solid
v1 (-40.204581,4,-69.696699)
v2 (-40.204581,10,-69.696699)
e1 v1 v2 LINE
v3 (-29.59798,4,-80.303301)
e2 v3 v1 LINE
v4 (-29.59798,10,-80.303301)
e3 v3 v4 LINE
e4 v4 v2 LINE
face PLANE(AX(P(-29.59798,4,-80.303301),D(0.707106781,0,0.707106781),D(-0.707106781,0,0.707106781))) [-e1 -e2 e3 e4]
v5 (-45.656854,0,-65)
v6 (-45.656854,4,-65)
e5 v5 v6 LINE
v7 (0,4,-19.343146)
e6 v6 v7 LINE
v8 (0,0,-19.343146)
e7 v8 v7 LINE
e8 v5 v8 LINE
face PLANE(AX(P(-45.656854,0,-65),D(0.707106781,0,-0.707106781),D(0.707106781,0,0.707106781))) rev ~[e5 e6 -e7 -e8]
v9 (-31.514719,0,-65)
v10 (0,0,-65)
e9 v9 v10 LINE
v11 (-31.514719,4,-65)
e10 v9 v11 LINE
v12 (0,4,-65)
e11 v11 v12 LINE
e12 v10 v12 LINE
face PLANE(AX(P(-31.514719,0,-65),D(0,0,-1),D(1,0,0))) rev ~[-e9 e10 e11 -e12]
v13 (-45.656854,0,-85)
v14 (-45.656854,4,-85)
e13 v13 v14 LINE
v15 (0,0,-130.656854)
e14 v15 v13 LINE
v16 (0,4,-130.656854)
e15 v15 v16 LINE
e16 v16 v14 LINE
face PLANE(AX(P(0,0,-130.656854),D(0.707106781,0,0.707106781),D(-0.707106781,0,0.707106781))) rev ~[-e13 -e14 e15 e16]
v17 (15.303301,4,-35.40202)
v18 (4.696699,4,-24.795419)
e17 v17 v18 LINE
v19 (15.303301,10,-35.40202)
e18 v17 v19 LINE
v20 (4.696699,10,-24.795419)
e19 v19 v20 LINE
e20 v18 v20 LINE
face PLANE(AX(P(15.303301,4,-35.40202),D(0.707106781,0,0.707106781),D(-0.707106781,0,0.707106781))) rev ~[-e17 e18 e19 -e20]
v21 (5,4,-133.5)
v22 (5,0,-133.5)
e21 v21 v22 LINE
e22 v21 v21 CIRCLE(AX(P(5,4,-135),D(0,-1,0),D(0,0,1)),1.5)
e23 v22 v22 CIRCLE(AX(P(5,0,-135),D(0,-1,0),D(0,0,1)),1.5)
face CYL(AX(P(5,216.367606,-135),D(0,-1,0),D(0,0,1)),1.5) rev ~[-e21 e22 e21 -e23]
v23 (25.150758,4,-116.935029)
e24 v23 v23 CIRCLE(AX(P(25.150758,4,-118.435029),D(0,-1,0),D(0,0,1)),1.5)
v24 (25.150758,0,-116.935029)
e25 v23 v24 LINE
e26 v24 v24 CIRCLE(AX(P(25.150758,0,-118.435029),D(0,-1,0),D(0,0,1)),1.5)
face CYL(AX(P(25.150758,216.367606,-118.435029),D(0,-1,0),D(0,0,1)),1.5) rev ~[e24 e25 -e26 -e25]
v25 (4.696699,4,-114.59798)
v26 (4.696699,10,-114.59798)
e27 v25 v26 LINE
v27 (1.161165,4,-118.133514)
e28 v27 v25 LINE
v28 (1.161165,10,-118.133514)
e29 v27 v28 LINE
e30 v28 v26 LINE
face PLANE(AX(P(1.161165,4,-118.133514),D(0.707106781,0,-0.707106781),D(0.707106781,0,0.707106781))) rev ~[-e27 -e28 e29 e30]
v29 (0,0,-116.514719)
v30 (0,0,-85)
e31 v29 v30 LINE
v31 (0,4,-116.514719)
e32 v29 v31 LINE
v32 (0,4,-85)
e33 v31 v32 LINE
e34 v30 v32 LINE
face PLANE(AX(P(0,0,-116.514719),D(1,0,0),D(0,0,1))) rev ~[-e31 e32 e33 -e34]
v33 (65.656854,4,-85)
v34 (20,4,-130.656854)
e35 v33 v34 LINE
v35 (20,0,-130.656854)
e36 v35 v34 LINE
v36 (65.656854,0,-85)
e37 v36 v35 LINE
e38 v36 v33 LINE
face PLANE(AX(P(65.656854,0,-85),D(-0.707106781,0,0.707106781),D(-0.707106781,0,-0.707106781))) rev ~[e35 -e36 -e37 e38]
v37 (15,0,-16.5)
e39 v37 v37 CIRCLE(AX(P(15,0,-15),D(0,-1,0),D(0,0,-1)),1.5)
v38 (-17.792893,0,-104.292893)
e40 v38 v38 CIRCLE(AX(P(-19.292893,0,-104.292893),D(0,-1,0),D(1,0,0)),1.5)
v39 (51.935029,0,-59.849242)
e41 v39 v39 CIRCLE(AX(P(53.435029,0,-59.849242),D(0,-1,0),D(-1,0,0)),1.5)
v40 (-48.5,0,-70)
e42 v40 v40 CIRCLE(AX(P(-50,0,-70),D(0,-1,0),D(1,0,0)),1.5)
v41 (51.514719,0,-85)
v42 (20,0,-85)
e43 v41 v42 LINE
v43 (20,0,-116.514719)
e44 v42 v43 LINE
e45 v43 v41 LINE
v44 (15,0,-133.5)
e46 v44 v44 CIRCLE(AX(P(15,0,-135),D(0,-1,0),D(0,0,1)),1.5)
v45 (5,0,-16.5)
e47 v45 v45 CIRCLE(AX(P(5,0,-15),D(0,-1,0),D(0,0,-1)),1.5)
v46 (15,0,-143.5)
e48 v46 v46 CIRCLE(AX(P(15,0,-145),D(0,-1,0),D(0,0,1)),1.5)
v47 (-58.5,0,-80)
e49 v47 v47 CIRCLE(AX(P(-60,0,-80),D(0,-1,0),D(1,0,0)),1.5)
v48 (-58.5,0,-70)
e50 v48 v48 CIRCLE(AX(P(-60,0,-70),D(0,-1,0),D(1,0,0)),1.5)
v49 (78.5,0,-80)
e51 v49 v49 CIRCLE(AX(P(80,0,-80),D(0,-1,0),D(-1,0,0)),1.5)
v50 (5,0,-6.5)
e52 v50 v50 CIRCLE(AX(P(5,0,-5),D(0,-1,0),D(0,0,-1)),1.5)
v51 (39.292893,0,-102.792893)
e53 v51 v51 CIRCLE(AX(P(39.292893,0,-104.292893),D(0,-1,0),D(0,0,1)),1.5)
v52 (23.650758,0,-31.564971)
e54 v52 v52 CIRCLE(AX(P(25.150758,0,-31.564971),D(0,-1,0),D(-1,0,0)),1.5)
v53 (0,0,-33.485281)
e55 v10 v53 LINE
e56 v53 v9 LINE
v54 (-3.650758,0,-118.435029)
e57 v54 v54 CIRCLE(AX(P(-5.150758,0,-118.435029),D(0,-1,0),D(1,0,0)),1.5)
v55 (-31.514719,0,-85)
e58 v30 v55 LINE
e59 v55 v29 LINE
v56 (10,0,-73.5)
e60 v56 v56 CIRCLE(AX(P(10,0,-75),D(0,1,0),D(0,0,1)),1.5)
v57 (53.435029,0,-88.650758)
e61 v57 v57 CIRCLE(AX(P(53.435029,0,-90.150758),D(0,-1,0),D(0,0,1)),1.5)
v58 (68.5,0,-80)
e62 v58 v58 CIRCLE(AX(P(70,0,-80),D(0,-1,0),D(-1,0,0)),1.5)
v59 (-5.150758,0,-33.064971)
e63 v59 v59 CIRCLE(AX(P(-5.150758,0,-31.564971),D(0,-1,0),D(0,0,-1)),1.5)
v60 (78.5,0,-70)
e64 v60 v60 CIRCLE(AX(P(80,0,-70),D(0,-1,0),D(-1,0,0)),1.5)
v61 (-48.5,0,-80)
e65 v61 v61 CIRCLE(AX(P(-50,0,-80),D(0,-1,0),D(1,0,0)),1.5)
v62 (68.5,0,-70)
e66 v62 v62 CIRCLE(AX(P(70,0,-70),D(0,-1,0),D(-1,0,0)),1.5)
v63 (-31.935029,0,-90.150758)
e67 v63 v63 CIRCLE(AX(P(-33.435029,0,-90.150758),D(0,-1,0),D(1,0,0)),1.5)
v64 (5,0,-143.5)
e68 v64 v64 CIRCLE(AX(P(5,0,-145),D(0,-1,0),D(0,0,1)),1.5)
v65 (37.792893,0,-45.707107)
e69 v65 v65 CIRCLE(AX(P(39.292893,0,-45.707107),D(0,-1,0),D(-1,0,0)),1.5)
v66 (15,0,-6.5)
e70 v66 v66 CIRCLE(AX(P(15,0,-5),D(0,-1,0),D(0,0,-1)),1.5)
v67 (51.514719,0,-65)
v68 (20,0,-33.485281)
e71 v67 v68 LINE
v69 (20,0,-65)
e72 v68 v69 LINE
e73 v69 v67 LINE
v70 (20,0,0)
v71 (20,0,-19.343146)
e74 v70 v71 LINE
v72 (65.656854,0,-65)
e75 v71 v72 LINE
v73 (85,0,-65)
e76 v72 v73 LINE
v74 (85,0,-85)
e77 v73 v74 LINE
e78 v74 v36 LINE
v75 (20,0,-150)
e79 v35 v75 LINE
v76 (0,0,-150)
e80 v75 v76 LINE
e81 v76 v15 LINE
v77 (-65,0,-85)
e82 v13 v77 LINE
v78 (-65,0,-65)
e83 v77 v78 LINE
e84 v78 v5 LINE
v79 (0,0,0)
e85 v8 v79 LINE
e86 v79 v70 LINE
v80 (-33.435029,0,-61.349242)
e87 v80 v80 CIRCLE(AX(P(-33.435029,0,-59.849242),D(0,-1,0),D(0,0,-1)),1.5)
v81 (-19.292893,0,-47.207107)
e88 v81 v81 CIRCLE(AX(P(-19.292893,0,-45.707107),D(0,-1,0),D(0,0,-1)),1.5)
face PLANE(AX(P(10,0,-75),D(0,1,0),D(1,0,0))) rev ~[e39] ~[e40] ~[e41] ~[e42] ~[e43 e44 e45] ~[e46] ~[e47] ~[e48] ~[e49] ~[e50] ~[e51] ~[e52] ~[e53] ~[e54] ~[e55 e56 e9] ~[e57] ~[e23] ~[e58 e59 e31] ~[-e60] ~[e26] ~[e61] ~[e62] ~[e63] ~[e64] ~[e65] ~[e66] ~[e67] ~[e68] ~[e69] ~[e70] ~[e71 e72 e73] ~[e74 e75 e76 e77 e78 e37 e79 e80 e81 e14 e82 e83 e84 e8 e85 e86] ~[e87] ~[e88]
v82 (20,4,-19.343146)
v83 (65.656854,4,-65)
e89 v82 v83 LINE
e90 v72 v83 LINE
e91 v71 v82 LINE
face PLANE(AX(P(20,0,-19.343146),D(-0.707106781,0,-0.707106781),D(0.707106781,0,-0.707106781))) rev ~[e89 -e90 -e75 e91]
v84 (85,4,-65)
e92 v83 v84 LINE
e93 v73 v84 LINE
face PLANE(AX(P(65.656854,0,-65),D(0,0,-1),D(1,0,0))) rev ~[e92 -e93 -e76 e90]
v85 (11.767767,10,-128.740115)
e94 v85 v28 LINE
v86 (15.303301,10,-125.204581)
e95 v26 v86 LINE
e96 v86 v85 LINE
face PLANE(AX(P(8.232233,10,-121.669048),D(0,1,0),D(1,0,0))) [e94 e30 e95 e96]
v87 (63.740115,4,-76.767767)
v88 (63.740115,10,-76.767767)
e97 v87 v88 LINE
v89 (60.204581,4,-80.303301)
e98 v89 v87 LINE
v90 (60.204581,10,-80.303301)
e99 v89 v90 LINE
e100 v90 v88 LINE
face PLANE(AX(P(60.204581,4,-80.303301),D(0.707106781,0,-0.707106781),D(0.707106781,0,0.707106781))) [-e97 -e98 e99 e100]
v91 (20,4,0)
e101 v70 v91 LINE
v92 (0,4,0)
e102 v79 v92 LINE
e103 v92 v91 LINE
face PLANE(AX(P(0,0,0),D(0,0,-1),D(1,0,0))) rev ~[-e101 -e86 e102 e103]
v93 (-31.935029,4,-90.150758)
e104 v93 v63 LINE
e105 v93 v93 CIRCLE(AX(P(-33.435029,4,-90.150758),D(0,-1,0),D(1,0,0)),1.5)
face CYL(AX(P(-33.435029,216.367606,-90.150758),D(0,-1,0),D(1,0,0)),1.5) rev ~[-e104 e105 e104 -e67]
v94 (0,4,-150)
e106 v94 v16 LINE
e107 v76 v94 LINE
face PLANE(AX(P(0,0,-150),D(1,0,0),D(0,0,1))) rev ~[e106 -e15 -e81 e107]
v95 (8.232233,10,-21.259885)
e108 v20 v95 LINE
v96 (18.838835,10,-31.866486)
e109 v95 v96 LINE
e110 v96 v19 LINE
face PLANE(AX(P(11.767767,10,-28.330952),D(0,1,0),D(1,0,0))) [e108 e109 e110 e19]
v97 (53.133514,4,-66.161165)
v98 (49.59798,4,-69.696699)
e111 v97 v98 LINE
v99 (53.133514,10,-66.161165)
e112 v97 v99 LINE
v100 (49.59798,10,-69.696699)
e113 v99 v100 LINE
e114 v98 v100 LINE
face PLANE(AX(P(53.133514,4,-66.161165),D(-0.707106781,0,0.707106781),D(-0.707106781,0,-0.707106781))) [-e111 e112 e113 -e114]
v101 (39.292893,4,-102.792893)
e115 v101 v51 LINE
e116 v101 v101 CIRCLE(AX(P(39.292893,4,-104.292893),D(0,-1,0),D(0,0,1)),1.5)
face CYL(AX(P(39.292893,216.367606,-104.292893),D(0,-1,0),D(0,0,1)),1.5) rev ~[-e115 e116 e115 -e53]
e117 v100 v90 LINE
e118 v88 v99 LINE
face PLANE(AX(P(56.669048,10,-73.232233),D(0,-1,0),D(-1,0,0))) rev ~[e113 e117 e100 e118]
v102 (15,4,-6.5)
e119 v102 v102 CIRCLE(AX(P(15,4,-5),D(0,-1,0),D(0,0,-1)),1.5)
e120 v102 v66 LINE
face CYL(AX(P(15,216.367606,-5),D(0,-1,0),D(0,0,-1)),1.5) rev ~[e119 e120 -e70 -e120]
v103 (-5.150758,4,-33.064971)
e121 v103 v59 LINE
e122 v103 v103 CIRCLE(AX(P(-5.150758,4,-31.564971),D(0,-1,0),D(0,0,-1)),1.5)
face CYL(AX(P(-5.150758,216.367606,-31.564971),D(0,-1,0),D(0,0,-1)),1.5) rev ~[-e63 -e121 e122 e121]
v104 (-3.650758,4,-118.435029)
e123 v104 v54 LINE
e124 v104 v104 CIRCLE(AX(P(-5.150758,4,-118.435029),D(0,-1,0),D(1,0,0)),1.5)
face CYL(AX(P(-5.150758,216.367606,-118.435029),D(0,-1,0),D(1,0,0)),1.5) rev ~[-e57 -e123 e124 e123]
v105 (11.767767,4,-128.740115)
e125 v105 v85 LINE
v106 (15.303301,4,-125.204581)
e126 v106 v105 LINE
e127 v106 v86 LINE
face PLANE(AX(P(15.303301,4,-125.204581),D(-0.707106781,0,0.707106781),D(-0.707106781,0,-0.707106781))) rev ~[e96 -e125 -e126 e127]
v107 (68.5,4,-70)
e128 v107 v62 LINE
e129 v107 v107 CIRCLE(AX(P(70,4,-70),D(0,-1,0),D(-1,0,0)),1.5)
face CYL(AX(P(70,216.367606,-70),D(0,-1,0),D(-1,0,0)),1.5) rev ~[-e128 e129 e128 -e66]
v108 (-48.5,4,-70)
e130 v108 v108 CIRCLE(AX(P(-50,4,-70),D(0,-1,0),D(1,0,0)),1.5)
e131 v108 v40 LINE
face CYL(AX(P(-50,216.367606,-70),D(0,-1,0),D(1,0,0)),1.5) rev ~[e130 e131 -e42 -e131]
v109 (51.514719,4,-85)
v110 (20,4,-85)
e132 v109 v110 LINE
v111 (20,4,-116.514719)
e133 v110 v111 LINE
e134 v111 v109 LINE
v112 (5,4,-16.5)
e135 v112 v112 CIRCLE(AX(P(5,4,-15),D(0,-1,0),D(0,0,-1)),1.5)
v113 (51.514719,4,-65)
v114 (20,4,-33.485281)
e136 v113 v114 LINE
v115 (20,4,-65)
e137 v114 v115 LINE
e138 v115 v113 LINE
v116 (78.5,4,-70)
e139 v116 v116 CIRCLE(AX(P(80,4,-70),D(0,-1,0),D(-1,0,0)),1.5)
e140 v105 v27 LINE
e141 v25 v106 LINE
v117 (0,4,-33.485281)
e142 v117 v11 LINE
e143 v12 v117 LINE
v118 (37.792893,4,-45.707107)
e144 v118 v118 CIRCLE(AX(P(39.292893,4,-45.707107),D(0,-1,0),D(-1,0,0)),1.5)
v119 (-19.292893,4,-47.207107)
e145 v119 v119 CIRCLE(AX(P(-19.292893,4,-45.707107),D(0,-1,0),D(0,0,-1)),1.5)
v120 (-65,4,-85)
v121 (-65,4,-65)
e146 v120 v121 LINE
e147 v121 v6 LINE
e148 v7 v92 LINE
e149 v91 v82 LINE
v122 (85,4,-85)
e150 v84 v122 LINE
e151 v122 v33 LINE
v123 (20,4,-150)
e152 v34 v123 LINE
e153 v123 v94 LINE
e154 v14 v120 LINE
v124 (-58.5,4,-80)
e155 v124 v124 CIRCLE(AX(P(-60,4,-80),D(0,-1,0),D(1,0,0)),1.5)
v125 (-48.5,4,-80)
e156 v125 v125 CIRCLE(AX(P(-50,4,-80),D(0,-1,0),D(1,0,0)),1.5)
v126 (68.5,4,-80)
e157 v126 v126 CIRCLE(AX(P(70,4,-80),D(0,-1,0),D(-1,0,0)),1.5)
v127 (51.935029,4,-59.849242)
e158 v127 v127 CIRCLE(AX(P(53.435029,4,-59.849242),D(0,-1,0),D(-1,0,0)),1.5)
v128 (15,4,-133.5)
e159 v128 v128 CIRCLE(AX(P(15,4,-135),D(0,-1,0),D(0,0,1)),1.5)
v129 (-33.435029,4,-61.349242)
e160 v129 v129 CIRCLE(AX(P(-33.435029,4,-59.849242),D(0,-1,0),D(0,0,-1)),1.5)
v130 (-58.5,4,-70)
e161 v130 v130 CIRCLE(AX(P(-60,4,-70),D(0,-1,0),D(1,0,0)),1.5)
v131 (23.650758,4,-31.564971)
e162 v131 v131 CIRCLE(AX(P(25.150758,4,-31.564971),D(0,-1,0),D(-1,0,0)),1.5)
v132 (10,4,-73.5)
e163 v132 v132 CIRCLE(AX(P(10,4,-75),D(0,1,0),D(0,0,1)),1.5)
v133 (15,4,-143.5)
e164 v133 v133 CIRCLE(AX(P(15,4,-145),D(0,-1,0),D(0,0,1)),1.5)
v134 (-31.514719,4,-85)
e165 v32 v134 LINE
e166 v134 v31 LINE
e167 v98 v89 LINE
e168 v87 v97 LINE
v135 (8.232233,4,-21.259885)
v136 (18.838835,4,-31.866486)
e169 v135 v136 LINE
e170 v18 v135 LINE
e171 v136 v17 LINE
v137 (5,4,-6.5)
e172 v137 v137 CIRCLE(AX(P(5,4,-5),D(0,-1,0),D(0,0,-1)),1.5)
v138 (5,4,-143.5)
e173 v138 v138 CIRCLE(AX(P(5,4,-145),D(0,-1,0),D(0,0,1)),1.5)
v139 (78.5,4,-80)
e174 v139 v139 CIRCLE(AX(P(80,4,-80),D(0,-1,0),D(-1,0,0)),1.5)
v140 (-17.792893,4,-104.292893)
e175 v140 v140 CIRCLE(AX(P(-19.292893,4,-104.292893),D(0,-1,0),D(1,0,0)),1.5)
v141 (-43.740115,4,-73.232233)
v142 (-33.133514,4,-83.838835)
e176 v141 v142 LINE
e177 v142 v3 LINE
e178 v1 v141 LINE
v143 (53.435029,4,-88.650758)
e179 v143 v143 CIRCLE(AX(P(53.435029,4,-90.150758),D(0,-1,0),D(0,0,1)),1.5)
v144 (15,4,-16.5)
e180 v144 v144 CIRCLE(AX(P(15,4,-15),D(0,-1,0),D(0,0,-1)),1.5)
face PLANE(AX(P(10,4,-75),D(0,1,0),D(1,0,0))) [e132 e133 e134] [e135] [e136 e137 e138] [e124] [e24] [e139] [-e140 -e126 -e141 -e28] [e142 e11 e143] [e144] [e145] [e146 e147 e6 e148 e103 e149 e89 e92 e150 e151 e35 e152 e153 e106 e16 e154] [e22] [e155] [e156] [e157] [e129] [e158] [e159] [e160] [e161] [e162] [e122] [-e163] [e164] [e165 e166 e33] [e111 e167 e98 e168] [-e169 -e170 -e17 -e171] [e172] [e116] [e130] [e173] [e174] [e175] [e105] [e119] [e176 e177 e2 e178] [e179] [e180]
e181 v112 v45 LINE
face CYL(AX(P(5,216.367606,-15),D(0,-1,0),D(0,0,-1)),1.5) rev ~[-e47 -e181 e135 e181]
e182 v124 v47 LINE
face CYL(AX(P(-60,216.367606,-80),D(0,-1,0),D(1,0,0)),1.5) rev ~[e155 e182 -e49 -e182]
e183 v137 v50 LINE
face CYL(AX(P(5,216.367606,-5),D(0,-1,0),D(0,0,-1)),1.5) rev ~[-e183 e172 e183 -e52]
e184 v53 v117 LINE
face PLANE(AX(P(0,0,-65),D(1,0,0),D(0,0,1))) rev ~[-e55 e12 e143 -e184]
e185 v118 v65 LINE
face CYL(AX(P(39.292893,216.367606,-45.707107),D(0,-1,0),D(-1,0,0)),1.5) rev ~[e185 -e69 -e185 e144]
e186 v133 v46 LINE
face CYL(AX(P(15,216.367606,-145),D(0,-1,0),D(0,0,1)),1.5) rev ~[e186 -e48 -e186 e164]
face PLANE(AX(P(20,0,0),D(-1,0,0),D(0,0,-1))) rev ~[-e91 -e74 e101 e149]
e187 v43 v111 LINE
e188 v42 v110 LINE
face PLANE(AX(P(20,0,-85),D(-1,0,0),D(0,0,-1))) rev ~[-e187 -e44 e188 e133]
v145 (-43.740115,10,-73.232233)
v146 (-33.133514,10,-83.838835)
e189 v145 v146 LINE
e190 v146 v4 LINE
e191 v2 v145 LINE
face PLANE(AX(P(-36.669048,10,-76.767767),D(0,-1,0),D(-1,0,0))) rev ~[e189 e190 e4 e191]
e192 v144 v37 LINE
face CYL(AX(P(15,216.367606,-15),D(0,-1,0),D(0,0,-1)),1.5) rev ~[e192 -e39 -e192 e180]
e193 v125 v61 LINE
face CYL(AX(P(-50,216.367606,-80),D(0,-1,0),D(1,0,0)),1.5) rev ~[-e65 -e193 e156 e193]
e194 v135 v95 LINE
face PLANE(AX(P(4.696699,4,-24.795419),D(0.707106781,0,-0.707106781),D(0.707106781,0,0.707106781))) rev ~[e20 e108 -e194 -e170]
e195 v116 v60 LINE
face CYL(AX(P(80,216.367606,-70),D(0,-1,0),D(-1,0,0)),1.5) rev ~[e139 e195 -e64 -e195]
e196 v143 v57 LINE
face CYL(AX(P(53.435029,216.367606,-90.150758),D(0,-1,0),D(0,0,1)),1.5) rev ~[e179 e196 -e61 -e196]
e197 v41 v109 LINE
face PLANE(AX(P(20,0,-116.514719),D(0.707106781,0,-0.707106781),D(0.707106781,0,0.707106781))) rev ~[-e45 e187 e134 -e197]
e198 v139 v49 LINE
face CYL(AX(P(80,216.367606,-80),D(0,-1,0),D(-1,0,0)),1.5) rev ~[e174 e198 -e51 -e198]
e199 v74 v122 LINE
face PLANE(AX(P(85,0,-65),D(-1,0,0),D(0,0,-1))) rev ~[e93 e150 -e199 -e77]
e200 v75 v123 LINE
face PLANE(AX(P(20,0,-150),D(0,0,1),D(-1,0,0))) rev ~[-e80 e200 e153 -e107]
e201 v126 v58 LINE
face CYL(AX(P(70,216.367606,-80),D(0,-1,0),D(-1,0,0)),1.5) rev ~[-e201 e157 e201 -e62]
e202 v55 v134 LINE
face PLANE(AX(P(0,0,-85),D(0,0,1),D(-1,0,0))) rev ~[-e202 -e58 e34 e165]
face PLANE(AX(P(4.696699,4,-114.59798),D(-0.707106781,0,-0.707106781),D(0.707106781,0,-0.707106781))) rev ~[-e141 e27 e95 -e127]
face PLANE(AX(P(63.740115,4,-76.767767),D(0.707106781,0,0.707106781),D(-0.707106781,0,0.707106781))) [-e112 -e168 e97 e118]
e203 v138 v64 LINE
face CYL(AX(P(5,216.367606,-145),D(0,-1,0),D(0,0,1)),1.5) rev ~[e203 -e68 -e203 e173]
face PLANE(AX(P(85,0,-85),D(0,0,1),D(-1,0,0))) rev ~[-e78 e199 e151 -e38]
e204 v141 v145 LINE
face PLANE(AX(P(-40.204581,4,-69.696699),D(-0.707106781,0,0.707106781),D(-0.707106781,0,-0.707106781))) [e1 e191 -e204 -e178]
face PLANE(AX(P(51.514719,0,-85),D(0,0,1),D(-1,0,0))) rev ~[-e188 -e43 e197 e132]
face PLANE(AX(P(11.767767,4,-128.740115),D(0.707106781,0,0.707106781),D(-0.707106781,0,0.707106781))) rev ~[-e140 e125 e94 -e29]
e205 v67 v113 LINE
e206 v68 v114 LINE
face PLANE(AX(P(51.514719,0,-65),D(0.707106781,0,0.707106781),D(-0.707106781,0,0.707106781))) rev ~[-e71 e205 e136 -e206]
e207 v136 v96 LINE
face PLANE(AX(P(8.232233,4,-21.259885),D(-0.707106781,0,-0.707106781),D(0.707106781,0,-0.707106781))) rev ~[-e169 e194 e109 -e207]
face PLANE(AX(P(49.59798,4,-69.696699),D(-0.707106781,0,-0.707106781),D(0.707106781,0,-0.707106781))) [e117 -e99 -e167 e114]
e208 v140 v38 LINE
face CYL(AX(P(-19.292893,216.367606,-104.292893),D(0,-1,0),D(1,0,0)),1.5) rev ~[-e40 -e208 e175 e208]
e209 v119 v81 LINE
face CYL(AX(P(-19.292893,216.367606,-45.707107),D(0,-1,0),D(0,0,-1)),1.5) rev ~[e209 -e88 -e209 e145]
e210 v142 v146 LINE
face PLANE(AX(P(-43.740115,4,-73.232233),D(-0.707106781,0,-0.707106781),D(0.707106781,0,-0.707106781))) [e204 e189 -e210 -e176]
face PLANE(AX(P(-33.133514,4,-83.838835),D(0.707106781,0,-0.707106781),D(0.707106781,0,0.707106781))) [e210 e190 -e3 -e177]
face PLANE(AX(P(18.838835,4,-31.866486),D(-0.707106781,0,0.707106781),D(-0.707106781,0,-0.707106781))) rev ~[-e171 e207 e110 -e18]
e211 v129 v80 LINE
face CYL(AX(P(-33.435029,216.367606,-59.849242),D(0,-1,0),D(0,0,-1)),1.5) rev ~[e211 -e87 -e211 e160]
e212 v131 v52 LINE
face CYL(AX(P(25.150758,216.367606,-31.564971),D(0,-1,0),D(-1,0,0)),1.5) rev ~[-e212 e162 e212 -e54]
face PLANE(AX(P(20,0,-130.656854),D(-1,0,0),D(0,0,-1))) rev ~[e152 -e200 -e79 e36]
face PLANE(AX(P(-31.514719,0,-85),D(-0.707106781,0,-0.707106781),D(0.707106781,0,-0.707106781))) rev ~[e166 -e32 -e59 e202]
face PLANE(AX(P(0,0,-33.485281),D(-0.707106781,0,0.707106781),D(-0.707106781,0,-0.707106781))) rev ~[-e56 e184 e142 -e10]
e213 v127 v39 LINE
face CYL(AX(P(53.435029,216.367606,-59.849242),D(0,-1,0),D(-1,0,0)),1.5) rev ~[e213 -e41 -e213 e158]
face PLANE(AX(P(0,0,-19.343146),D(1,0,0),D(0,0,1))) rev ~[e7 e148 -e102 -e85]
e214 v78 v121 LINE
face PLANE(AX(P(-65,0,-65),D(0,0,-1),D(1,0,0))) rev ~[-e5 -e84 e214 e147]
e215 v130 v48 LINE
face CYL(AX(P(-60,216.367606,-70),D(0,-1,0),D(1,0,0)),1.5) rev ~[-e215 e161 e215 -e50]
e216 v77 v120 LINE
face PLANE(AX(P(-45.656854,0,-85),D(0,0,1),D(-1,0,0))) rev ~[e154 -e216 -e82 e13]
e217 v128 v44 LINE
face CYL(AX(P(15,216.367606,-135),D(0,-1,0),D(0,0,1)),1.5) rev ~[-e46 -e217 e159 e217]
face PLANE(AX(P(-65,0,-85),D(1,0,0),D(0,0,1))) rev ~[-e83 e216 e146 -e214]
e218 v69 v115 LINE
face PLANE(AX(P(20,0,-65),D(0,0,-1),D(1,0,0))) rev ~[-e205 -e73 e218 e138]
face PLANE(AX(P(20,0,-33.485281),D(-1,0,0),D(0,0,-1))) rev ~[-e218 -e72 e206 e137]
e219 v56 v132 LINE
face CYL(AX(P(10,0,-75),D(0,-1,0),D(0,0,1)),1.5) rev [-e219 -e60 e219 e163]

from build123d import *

# Parameters (mm, degrees)
SKETCH1_R             = 1.5
BASE_DEPTH            = 4
BATTERYCLIP_DEPTH     = 6
F_3_0MM_DOWEL_HOLE2_D = 3
CIRPATTERN2_COUNT     = 4


with BuildPart() as part:
    # Sketch1 → Base (new body)
    with BuildSketch(Plane(origin=(0, 0, 0), x_dir=(1, 0, 0), z_dir=(0, 1, 0))):
        Polygon((85, 85), (65.656854249, 85), (20, 130.656854249), (20, 150), (0, 150), (0, 130.656854249), (-45.656854249, 85), (-65, 85), (-65, 65), (-45.656854249, 65), (0, 19.343145751), (0, 0), (20, 0), (20, 19.343145751), (65.656854249, 65), (85, 65), align=None)
        Polygon((51.514718626, 85), (20, 85), (20, 116.514718626), align=None, mode=Mode.SUBTRACT)
        Polygon((20, 65), (51.514718626, 65), (20, 33.485281374), align=None, mode=Mode.SUBTRACT)
        Polygon((0, 65), (0, 33.485281374), (-31.514718626, 65), align=None, mode=Mode.SUBTRACT)
        Polygon((0, 85), (-31.514718626, 85), (0, 116.514718626), align=None, mode=Mode.SUBTRACT)
        with Locations((10, 75)):
            Circle(SKETCH1_R, mode=Mode.SUBTRACT)
    extrude(amount=BASE_DEPTH)

    # Sketch2 → BatteryClip (add)
    with BuildSketch(Plane(origin=(0, 4, 0), x_dir=(1, 0, 0), z_dir=(0, 1, 0))):
        Polygon((15.303300859, 35.402020254), (4.696699141, 24.795418536), (8.232233047, 21.25988463), (18.838834765, 31.866486348), align=None)
        Polygon((11.767766953, 128.74011537), (1.161165235, 118.133513652), (4.696699141, 114.597979746), (15.303300859, 125.204581464), align=None)
        Polygon((49.597979746, 69.696699141), (60.204581464, 80.303300859), (63.74011537, 76.767766953), (53.133513652, 66.161165235), align=None)
        Polygon((-43.74011537, 73.232233047), (-33.133513652, 83.838834765), (-29.597979746, 80.303300859), (-40.204581464, 69.696699141), align=None)
    extrude(amount=BATTERYCLIP_DEPTH)

    # Ø3.0mm Dowel Hole2 (through all)
    with Locations(Plane(origin=(5, 4, -5), x_dir=(0, 0, 1), z_dir=(0, 1, 0))):
        with Locations((0, 0), (-10, 0), (-10, 10), (0, 10), (-26.564971157, -10.150757595), (-40.707106781, -24.292893219), (-54.849242405, -38.435028843)):
            f_3_0mm_dowel_hole2 = Hole(F_3_0MM_DOWEL_HOLE2_D / 2)

    # CirPattern2: Ø3.0mm Dowel Hole2 ×4 about axis
    cirpattern2_axis = Axis((10, 4, -75), (0, -1, 0))
    for i in range(1, CIRPATTERN2_COUNT):
        add(f_3_0mm_dowel_hole2.rotate(cirpattern2_axis, i * 360 / CIRPATTERN2_COUNT), mode=Mode.SUBTRACT)


solid = part.part
